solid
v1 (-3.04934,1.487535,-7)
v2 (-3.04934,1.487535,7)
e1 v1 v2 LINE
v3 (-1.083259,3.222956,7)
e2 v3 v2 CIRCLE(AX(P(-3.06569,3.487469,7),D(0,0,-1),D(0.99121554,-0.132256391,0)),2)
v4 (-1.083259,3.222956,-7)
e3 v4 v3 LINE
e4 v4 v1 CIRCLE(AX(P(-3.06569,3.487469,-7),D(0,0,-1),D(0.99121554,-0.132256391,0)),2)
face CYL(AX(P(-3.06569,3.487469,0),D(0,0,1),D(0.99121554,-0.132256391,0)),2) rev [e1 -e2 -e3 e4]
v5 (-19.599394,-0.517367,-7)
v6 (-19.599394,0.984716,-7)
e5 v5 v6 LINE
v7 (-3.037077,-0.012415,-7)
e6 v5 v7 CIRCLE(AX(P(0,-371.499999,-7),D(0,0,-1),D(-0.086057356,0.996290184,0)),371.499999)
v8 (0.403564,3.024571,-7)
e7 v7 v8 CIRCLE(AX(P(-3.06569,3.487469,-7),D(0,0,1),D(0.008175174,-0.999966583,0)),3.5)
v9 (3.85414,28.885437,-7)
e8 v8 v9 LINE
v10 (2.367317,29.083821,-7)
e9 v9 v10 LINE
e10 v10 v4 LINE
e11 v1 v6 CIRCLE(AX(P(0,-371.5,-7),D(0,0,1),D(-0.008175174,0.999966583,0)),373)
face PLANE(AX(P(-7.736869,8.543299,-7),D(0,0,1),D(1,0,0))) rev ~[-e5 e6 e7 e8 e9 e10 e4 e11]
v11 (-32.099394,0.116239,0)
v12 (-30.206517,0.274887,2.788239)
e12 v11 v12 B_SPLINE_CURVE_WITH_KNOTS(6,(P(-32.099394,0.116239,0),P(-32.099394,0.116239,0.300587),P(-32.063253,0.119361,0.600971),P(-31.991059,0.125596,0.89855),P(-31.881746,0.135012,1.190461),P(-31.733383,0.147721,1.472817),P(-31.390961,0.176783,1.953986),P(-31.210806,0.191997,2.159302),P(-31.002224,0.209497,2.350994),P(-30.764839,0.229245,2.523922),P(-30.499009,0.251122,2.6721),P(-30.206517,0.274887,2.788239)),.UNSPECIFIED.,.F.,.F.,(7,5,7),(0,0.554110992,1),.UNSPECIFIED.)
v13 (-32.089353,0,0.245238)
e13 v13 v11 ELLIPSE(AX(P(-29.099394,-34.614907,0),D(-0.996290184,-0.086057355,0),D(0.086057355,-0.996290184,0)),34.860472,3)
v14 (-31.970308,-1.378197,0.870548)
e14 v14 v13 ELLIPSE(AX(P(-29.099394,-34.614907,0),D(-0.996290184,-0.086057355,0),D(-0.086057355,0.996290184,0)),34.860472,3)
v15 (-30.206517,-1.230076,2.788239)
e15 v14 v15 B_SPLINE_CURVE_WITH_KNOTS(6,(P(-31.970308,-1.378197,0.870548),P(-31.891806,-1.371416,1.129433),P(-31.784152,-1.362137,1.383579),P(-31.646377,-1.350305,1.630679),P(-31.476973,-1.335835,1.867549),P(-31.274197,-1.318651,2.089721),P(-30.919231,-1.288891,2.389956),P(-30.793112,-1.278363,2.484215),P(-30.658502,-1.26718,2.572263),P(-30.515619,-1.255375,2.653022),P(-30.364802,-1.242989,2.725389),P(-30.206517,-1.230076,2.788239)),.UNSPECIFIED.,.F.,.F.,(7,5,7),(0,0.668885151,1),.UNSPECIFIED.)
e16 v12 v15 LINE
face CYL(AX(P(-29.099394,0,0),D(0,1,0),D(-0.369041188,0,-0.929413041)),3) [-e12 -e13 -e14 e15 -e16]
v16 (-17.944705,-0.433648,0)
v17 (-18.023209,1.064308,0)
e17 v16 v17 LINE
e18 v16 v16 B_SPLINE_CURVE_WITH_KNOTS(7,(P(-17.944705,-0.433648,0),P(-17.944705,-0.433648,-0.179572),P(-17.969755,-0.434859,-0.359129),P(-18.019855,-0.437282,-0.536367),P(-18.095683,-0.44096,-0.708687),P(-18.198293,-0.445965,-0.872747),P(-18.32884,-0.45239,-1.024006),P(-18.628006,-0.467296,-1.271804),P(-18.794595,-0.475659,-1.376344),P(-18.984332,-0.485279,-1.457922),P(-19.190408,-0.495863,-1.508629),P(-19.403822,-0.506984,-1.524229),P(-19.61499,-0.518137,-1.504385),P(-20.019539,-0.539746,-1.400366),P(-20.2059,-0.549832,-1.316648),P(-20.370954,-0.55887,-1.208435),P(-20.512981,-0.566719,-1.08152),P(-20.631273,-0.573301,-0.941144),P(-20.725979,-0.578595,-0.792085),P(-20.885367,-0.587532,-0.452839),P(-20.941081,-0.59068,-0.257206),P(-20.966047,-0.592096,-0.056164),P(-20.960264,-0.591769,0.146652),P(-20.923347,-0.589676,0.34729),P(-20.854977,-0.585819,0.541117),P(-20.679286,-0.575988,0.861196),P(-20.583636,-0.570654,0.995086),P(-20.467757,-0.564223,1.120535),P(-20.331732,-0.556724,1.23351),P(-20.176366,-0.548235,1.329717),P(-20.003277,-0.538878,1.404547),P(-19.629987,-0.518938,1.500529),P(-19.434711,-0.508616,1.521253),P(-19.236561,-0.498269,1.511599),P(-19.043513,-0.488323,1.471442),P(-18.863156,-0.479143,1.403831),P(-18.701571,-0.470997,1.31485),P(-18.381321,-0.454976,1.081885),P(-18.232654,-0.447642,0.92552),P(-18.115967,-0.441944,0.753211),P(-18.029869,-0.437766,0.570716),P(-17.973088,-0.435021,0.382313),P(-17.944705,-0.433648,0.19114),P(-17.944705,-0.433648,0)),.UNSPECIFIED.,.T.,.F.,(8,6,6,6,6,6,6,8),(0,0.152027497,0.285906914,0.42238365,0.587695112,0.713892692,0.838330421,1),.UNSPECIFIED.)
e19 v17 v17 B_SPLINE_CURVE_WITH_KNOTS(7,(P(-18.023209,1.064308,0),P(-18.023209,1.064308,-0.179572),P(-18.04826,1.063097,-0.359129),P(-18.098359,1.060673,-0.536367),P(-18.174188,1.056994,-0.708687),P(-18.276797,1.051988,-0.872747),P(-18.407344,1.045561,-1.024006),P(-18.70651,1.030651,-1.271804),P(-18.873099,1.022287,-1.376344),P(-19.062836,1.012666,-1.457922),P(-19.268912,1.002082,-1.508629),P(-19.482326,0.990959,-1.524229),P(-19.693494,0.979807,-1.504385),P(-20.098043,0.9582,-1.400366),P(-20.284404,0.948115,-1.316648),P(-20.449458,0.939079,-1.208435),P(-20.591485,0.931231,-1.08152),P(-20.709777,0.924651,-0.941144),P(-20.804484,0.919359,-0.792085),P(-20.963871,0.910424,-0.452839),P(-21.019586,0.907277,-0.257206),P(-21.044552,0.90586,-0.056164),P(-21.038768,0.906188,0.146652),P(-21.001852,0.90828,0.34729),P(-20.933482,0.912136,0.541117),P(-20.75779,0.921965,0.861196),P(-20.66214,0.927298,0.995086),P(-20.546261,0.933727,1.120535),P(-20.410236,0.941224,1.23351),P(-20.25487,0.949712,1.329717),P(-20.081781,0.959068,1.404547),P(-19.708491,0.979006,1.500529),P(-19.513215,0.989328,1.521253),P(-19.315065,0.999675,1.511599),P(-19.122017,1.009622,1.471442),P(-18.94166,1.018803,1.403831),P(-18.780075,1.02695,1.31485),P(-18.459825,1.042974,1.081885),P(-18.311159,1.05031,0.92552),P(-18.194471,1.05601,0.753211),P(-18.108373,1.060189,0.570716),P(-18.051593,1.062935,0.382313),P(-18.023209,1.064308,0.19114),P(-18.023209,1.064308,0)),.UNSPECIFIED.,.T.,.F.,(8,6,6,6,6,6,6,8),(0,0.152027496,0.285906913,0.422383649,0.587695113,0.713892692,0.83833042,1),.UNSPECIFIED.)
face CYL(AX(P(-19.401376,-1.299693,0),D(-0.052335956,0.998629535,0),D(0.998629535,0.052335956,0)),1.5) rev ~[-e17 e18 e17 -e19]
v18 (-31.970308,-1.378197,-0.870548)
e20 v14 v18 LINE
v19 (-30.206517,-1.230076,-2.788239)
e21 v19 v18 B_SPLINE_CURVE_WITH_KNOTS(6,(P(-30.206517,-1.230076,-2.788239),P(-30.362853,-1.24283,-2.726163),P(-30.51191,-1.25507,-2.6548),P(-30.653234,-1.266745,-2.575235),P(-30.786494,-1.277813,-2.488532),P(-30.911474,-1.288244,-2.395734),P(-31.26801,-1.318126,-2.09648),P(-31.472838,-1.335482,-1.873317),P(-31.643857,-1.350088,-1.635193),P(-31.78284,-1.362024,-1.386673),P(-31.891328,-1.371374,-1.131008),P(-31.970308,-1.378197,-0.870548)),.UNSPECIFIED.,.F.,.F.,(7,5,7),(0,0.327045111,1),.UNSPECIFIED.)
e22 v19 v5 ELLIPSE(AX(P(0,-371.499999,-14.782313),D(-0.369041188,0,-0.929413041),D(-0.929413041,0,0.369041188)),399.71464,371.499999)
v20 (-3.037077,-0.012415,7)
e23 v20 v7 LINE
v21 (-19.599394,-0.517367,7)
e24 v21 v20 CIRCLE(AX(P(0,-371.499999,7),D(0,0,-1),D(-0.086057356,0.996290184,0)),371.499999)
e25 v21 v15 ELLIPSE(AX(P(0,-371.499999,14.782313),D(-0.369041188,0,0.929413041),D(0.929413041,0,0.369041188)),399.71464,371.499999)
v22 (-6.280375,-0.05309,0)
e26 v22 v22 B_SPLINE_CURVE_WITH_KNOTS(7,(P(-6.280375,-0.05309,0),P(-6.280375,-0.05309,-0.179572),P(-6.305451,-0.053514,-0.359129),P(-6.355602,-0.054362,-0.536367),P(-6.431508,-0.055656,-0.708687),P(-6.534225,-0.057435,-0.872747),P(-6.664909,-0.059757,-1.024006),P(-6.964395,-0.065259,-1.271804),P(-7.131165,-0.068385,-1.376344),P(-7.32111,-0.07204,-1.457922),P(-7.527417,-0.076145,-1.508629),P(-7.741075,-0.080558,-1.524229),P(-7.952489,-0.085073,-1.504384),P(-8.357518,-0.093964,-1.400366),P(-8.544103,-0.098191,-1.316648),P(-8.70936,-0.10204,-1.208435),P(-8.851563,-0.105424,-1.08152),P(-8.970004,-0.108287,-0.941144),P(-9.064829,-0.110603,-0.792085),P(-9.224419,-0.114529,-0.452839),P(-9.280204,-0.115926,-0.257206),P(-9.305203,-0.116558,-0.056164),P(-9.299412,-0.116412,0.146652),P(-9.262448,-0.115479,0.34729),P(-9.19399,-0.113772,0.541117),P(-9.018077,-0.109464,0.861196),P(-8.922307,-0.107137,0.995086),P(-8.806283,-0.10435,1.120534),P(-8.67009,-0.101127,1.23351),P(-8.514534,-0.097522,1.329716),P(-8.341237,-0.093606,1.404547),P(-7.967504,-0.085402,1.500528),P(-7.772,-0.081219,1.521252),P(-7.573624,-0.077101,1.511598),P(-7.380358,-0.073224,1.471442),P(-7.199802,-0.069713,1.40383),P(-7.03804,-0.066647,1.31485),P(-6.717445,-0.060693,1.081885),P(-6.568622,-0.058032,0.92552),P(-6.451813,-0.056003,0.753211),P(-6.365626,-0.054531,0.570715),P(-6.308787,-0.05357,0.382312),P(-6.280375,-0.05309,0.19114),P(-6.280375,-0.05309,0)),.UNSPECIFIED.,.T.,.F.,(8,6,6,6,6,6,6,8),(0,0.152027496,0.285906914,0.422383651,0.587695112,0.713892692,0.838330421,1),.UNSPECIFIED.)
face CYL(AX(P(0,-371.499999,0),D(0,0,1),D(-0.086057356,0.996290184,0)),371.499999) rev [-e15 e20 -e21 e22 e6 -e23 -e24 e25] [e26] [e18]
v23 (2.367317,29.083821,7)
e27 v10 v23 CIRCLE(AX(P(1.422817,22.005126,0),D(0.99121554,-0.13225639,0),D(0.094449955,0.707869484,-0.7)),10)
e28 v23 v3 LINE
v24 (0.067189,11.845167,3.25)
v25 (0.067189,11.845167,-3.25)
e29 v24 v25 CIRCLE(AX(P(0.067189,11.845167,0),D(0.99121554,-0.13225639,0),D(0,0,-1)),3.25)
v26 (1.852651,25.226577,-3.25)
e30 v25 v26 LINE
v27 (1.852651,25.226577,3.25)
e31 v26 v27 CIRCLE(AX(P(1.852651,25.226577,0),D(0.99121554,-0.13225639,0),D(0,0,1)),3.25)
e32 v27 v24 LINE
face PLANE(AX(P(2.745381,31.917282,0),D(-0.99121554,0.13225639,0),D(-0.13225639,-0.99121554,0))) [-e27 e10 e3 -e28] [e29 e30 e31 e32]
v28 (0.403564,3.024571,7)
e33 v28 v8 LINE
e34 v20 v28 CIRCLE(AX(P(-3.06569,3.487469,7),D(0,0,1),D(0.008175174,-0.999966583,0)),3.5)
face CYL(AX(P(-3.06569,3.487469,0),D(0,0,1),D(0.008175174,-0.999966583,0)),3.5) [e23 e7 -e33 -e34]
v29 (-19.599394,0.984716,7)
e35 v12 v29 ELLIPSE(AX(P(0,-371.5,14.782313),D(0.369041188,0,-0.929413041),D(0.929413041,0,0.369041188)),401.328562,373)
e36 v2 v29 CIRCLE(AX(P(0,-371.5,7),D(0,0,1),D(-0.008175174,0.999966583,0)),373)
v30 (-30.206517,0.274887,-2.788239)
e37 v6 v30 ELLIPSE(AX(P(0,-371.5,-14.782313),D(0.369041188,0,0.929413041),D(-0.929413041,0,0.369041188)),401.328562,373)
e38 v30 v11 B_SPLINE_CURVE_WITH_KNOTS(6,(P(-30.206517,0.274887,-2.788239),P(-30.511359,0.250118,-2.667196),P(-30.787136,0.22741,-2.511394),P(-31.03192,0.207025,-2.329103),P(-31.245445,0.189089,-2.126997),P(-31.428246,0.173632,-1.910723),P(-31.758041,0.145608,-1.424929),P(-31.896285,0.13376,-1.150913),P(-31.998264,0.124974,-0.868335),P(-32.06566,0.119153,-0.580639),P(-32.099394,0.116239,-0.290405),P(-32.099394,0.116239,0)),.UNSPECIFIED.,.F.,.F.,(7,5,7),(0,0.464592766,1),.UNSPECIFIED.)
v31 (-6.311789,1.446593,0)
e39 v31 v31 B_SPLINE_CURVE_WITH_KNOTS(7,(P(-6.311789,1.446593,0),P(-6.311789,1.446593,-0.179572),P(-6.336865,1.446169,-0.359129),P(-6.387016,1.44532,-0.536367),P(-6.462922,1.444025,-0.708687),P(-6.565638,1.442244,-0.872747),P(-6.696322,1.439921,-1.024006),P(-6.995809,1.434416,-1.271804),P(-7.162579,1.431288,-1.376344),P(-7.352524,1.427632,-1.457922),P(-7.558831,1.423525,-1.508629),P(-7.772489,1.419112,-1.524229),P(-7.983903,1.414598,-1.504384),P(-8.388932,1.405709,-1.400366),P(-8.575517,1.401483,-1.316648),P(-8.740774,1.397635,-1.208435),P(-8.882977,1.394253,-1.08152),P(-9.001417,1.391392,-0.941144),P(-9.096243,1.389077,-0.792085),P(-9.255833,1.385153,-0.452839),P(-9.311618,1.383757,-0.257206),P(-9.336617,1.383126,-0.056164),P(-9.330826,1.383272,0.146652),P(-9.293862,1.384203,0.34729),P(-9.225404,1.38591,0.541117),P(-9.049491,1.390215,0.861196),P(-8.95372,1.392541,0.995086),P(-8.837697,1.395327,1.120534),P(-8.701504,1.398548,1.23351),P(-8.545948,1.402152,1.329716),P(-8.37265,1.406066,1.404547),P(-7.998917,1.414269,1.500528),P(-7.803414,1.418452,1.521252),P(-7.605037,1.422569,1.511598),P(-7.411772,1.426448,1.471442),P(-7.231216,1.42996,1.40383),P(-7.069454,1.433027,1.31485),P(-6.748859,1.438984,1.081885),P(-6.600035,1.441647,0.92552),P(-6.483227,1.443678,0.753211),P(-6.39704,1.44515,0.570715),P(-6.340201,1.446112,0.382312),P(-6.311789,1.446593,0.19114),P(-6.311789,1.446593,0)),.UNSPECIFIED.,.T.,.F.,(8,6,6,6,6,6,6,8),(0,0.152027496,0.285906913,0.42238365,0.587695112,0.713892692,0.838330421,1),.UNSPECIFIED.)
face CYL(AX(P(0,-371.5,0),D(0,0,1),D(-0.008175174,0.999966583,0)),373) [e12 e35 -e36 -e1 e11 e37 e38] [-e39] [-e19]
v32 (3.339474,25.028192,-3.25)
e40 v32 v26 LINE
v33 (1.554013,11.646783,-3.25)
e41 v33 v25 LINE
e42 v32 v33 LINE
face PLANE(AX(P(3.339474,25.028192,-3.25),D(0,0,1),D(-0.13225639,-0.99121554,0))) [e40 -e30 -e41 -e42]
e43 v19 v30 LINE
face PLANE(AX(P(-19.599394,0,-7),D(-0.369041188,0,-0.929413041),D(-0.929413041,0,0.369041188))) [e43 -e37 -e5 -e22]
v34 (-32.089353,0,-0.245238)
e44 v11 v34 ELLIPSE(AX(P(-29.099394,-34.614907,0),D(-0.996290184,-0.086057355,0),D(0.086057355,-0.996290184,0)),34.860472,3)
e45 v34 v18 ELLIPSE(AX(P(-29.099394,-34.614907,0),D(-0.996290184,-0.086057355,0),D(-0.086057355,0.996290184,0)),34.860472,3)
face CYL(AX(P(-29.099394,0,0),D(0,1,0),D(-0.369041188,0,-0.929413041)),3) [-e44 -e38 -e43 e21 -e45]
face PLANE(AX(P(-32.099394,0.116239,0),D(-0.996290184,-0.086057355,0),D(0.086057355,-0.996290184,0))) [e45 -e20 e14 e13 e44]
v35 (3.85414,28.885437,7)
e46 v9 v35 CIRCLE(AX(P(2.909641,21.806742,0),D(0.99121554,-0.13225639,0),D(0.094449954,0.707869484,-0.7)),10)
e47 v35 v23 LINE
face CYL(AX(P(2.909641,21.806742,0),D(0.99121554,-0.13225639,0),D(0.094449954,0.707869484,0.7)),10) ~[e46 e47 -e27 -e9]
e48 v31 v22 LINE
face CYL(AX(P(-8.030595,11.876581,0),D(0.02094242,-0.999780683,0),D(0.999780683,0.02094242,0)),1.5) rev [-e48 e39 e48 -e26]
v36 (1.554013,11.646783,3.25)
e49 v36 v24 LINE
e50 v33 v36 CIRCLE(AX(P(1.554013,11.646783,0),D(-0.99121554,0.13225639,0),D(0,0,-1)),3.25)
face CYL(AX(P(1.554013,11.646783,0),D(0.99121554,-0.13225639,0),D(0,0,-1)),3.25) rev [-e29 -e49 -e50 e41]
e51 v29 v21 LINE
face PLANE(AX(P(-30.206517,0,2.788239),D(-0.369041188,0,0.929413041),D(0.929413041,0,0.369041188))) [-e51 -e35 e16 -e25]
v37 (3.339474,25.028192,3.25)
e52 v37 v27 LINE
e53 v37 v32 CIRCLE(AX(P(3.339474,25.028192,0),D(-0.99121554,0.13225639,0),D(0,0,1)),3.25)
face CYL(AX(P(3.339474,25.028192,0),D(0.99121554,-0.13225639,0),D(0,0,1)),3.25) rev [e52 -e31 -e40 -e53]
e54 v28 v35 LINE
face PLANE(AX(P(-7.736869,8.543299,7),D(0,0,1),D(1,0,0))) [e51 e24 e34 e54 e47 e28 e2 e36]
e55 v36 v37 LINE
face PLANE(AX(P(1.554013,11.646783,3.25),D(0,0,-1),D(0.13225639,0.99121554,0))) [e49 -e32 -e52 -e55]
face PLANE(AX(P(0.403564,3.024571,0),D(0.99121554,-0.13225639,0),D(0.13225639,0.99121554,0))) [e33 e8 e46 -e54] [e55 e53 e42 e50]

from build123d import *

# Parameters (mm, degrees)
EXTRUSION1_DEPTH             = 7
ENL_V_MAT_EXTRU_1_DEPTH      = 37.038682389
ENL_V_MAT_EXTRU_2_DEPTH      = 32.917281873
ENL_V_MAT_EXTRU_2_DEPTH_BACK = 2.378196501


with BuildPart() as part:
    # Esquisse1 → Extrusion1 (new body, symmetric)
    with BuildSketch(Plane.XY):
        with BuildLine():
            Line((0.403563953, 3.024571148), (4.232204488, 31.718897288))
            Line((4.232204488, 31.718897288), (2.745381178, 31.917281873))
            Line((2.745381178, 31.917281873), (-1.083259357, 3.222955733))
            ThreePointArc((-1.083259357, 3.222955733), (-1.742171349, 1.988036214), (-3.049340089, 1.487535348))
            ThreePointArc((-3.049340089, 1.487535348), (-17.587736804, 1.085119824), (-32.099393733, 0.116238776))
            Line((-32.099393733, 0.116238776), (-31.9703077, -1.378196501))
            ThreePointArc((-31.9703077, -1.378196501), (-17.51700864, -0.413211757), (-3.037077327, -0.012414526))
            ThreePointArc((-3.037077327, -0.012414526), (-0.749532032, 0.863461989), (0.403563953, 3.024571148))
        make_face()
    extrude(amount=EXTRUSION1_DEPTH, both=True)

    # Esquisse2 → Enlèv. mat.-Extru.1 (cut, through all)
    with BuildSketch(Plane(origin=(0, 0, 0), x_dir=(0, 0, -1), z_dir=(0.99121554, -0.13225639, 0))):
        with BuildLine():
            Line((-3.25, 11.75), (-3.25, 25.25))
            ThreePointArc((-3.25, 25.25), (0, 28.5), (3.25, 25.25))
            Line((3.25, 25.25), (3.25, 11.75))
            ThreePointArc((3.25, 11.75), (0, 8.5), (-3.25, 11.75))
        make_face()
        with BuildLine():
            Line((-7, 32), (-7, 29.141428429))
            ThreePointArc((-7, 29.141428429), (0, 32), (7, 29.141428429))
            Line((7, 29.141428429), (7, 32))
            ThreePointArc((7, 32), (0, 34.206555616), (-7, 32))
        make_face()
    extrude(amount=-ENL_V_MAT_EXTRU_1_DEPTH, mode=Mode.SUBTRACT)

    # Esquisse3 → Enlèv. mat.-Extru.2 (cut, two sides)
    with BuildSketch(Plane(origin=(0, 0, 0), x_dir=(1, 0, 0), z_dir=(0, 1, 0))) as enl_v_mat_extru_2_sk:
        with BuildLine():
            Line((-19.599393733, 7), (-30.206517298, 2.788239124))
            ThreePointArc((-30.206517298, 2.788239124), (-32.099393733, 0), (-30.206517298, -2.788239124))
            Line((-30.206517298, -2.788239124), (-19.599393733, -7))
            Line((-19.599393733, -7), (-32.099393733, -7))
            ThreePointArc((-32.099393733, -7), (-36.715166839, 0), (-32.099393733, 7))
            Line((-32.099393733, 7), (-19.599393733, 7))
        make_face()
    extrude(amount=ENL_V_MAT_EXTRU_2_DEPTH, mode=Mode.SUBTRACT)
    extrude(enl_v_mat_extru_2_sk.sketch, amount=-ENL_V_MAT_EXTRU_2_DEPTH_BACK, mode=Mode.SUBTRACT)

    # Esquisse4 → Enlèvement de matière-Révolution1 (revolve, cut)
    with BuildSketch(Plane.XY, mode=Mode.PRIVATE) as enl_vement_de_mati_re_r_volution1_sk:
        Polygon((-20.993708492, 29.083821309), (-19.397261786, -1.378196501), (-20.899320305, -1.378196501), (-22.495767011, 29.083821309), align=None)
    revolve(enl_vement_de_mati_re_r_volution1_sk.sketch.rotate(Axis((0, -371.5, 0), (-0.052335956, 0.998629535, 0)), 180), axis=Axis((0, -371.5, 0), (-0.052335956, 0.998629535, 0)), mode=Mode.SUBTRACT)  # turned: the seam where the file's is

    # Esquisse5 → Enlèvement de matière-Révolution2 (revolve, cut)
    with BuildSketch(Plane.XY, mode=Mode.PRIVATE) as enl_vement_de_mati_re_r_volution2_sk:
        Polygon((-9.530265596, 11.845167183), (-9.263238962, -0.902551216), (-7.763567936, -0.871137586), (-8.029936549, 11.845167183), align=None)
    revolve(enl_vement_de_mati_re_r_volution2_sk.sketch.rotate(Axis((0, -371.5, 0), (-0.02094242, 0.999780683, 0)), 180), axis=Axis((0, -371.5, 0), (-0.02094242, 0.999780683, 0)), mode=Mode.SUBTRACT)  # turned: the seam where the file's is


solid = part.part
